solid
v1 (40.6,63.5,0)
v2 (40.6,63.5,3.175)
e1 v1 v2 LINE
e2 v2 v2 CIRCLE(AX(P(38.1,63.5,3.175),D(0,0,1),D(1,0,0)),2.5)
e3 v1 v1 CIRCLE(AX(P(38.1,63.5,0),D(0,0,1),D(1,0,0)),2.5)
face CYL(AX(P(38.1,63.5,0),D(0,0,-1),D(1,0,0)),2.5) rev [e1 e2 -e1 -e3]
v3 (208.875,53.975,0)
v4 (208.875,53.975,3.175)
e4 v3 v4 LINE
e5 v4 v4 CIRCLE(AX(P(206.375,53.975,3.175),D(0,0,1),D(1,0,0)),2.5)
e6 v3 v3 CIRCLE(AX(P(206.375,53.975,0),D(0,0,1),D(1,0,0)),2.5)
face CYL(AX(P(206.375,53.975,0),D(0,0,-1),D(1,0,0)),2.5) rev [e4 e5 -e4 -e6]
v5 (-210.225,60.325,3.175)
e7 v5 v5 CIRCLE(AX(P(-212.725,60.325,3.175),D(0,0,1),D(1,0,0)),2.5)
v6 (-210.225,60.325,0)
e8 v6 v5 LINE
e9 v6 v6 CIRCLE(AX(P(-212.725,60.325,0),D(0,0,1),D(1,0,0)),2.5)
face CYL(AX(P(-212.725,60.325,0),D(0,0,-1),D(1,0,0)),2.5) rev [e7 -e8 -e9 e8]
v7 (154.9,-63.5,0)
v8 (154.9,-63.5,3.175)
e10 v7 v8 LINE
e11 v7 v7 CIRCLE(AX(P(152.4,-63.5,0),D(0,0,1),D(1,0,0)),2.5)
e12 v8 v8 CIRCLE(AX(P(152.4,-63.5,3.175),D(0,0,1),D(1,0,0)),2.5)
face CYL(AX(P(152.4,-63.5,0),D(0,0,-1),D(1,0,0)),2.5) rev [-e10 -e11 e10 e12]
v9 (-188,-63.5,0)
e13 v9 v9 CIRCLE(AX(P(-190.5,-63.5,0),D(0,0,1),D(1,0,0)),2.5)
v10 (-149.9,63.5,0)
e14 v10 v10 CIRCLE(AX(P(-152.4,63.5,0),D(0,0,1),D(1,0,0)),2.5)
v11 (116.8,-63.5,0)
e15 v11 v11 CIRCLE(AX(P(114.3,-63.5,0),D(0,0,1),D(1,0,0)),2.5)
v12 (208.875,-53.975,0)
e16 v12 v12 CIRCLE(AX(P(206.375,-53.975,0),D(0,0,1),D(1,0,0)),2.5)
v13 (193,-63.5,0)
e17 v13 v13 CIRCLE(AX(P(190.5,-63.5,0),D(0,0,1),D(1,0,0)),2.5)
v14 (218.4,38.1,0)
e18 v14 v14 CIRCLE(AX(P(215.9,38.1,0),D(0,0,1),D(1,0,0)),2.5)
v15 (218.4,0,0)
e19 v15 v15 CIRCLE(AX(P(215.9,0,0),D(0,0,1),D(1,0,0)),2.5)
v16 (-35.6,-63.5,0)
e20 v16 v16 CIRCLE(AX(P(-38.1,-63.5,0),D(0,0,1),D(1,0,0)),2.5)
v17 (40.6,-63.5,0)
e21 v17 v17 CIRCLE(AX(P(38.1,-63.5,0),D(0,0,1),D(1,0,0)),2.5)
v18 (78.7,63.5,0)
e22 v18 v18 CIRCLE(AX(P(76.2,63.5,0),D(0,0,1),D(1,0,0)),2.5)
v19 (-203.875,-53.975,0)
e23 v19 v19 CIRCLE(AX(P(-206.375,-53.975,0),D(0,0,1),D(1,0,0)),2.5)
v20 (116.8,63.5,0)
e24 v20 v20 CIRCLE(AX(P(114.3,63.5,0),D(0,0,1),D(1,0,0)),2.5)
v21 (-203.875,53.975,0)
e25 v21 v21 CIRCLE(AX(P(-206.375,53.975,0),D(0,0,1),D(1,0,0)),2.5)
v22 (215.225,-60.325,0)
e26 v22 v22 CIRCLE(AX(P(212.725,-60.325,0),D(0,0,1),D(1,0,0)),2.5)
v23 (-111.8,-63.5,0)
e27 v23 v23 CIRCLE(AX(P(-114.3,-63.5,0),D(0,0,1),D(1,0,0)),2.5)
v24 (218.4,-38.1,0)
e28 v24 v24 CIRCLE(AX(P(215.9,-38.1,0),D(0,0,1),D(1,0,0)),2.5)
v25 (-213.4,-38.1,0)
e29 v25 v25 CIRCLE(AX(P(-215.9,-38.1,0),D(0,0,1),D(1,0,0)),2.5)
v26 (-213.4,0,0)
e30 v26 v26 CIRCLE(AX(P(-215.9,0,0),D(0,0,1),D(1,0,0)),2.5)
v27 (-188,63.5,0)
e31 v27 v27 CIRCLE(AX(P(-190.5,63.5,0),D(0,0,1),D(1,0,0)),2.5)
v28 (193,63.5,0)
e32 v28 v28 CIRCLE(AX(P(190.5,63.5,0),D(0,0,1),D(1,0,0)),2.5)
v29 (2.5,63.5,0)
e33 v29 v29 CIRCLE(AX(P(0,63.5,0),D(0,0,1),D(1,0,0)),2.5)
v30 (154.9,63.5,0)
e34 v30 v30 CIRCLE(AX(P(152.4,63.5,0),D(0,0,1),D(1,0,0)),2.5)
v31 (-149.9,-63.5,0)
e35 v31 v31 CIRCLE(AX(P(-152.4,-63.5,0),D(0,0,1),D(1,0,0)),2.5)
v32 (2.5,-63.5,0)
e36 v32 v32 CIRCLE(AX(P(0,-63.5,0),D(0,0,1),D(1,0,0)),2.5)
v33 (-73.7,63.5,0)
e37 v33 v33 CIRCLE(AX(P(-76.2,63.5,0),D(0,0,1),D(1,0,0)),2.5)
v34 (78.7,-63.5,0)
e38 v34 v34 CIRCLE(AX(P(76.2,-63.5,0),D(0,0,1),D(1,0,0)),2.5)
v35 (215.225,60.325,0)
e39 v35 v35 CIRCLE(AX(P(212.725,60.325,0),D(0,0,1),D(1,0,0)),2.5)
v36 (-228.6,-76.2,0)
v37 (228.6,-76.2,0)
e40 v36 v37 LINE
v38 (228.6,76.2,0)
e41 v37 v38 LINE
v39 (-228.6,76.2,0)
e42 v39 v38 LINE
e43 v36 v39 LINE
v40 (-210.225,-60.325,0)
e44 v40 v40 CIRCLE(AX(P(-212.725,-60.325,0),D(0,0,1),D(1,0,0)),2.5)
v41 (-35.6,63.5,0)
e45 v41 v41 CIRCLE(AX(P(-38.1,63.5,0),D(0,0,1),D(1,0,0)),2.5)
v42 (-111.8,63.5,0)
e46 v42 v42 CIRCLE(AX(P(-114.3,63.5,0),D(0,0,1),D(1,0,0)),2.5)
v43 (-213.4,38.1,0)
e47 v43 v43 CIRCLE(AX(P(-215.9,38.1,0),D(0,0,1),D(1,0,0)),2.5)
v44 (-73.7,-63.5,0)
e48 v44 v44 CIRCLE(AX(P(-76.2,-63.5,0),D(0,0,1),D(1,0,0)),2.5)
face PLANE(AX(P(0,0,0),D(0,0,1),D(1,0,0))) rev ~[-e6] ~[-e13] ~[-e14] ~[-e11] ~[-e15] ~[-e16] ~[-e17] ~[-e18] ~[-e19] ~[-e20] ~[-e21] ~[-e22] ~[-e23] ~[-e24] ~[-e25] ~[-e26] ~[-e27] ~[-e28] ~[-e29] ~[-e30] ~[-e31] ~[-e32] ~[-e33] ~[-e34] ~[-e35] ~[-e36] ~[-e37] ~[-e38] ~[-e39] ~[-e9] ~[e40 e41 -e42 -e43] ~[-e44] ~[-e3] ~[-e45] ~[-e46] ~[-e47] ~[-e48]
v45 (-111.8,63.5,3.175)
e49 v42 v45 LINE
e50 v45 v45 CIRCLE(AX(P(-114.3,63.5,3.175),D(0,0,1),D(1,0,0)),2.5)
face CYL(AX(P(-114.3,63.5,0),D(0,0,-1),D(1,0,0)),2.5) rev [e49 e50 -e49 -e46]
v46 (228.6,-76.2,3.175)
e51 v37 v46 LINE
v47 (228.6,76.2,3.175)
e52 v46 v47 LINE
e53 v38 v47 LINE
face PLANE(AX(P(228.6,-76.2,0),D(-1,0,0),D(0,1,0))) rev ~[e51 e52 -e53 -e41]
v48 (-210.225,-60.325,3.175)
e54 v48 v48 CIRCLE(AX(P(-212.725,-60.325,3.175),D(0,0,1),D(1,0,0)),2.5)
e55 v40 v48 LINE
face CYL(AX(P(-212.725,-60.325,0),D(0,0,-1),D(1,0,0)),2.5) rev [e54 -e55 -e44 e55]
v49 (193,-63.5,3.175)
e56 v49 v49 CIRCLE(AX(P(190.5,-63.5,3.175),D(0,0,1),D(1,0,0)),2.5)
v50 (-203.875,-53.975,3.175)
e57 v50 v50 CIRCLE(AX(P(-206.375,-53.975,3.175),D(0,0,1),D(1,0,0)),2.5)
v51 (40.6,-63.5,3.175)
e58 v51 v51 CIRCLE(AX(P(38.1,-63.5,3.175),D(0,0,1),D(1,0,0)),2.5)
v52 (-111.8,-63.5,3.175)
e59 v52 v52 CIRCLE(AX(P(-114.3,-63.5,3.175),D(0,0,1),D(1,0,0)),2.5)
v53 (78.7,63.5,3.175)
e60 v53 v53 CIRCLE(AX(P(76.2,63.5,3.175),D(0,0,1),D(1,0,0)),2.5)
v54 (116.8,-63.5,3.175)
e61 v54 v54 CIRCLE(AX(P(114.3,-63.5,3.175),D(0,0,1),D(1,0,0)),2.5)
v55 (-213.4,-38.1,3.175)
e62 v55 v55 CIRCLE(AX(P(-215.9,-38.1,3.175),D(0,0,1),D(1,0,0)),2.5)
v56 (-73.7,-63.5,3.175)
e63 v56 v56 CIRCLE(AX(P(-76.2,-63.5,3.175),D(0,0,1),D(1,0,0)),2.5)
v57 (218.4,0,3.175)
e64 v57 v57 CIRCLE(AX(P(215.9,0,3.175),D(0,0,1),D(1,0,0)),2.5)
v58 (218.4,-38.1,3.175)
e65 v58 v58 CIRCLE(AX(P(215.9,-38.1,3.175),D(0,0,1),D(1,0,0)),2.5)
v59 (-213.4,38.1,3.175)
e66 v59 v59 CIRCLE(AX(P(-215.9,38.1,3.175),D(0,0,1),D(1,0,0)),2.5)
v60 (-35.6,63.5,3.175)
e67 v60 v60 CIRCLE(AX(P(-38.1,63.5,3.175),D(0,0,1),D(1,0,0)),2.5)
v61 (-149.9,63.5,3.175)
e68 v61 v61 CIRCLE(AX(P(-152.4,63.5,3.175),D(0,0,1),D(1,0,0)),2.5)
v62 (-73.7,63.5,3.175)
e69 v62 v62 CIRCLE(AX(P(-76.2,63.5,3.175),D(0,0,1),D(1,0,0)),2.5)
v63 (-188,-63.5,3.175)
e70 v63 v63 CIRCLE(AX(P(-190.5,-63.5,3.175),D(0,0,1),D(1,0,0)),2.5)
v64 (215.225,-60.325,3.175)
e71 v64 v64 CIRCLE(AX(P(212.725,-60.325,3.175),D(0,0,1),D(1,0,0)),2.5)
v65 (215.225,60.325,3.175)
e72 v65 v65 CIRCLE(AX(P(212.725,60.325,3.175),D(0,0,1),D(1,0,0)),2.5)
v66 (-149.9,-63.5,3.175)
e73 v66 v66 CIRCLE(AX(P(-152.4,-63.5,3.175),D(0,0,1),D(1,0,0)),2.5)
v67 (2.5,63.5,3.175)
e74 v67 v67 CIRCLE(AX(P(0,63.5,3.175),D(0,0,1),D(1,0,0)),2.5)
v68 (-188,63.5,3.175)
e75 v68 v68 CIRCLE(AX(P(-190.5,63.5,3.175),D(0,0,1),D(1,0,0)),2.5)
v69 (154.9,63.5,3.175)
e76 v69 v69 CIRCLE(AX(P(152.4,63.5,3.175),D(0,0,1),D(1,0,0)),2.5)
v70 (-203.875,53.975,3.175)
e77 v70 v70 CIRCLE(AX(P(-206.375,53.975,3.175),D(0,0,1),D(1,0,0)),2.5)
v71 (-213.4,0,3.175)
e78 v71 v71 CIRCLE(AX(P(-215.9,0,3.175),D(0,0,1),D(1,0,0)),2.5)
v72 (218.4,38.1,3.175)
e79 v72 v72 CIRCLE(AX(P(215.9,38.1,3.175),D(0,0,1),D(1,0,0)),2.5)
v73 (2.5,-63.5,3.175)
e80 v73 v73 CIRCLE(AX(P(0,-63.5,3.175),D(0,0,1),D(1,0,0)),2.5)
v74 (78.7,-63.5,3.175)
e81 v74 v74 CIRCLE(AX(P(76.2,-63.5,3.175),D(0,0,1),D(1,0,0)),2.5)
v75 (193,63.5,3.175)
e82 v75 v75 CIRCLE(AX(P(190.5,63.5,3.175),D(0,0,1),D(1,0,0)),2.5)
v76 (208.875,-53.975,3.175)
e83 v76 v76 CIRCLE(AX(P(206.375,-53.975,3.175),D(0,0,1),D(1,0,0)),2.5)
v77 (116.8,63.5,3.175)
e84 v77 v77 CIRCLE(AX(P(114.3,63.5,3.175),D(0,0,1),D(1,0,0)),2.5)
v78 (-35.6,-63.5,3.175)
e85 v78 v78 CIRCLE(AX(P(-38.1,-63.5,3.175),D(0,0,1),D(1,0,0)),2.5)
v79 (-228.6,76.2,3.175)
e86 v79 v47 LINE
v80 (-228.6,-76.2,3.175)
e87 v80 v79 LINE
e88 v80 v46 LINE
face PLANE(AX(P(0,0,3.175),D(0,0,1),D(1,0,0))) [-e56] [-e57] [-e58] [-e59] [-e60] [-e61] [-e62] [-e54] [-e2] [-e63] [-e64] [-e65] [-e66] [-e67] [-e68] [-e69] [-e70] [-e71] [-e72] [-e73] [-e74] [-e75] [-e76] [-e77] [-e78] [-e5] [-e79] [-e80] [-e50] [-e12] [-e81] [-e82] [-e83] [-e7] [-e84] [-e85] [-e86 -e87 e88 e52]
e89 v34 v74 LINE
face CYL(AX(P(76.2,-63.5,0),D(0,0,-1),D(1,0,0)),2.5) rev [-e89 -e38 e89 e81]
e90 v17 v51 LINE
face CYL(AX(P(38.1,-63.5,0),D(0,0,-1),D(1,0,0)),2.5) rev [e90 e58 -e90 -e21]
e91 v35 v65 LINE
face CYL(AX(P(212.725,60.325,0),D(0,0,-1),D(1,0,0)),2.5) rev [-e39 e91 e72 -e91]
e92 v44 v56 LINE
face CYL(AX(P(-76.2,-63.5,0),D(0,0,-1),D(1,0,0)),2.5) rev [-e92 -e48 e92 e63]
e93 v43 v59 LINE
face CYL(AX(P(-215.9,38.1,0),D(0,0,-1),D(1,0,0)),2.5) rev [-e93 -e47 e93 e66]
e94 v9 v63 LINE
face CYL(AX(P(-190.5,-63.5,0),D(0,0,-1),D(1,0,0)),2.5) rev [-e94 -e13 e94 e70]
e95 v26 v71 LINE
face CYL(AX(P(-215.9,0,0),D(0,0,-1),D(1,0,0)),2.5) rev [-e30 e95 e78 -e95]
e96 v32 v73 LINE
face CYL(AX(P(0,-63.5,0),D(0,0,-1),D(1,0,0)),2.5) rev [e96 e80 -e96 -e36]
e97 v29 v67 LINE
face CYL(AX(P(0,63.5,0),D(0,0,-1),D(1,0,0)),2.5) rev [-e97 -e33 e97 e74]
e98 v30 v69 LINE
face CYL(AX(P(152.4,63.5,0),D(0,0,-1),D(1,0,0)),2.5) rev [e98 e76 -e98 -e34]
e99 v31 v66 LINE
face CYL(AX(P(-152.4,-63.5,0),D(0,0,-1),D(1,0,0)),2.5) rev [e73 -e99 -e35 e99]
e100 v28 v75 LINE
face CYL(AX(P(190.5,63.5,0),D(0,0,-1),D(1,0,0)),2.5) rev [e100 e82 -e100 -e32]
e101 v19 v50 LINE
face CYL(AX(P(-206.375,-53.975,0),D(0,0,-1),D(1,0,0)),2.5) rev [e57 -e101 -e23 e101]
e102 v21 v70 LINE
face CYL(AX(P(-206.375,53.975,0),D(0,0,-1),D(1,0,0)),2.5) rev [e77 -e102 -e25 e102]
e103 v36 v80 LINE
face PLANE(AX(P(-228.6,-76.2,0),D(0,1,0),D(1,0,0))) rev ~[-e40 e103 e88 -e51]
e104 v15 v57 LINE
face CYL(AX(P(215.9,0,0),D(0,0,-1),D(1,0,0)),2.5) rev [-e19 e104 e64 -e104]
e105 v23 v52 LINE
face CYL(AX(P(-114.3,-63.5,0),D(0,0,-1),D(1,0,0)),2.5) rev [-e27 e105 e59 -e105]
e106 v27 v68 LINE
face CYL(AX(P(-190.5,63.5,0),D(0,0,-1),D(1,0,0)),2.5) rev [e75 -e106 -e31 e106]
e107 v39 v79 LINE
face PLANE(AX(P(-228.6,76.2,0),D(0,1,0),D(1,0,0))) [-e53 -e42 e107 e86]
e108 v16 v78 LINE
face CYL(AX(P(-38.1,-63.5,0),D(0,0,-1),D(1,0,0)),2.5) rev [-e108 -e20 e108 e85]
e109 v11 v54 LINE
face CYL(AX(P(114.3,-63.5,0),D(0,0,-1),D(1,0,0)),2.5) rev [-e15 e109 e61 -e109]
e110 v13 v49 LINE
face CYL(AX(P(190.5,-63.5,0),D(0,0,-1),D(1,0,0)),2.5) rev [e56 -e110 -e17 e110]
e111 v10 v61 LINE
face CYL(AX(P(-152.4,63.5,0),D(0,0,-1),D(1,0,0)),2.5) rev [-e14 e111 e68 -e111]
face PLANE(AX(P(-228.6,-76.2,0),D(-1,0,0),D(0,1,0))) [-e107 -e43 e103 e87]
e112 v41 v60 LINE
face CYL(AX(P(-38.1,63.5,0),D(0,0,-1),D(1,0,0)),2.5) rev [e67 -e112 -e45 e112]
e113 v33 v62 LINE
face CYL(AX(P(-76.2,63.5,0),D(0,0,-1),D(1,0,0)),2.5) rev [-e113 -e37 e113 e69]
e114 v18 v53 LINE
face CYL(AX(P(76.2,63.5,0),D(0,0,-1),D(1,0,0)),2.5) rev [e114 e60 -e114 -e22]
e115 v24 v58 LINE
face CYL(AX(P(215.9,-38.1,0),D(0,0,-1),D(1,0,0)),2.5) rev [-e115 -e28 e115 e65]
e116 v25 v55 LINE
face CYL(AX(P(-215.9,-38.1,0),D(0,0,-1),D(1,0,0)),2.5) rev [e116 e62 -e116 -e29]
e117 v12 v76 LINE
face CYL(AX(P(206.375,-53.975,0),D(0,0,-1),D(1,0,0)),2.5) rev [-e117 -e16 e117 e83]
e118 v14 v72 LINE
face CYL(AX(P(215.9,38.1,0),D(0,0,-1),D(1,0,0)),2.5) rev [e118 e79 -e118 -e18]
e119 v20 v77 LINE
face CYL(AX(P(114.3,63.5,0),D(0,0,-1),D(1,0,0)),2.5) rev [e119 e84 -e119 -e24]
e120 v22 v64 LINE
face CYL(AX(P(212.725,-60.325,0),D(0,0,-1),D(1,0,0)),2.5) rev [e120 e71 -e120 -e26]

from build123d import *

# Parameters (mm, degrees)
SKETCH1_W           = 457.2
SKETCH1_H           = 152.4
SKETCH1_R           = 2.5
BOSS_EXTRUDE1_DEPTH = 3.175


with BuildPart() as part:
    # Sketch1 → Boss-Extrude1 (new body)
    with BuildSketch(Plane.XY):
        Rectangle(SKETCH1_W, SKETCH1_H)
        with Locations((212.725, 60.325)):
            Circle(SKETCH1_R, mode=Mode.SUBTRACT)
        with Locations((206.375, 53.975)):
            Circle(SKETCH1_R, mode=Mode.SUBTRACT)
        with Locations((-206.375, 53.975)):
            Circle(SKETCH1_R, mode=Mode.SUBTRACT)
        with Locations((-212.725, 60.325)):
            Circle(SKETCH1_R, mode=Mode.SUBTRACT)
        with Locations((-212.725, -60.325)):
            Circle(SKETCH1_R, mode=Mode.SUBTRACT)
        with Locations((-206.375, -53.975)):
            Circle(SKETCH1_R, mode=Mode.SUBTRACT)
        with Locations((206.375, -53.975)):
            Circle(SKETCH1_R, mode=Mode.SUBTRACT)
        with Locations((212.725, -60.325)):
            Circle(SKETCH1_R, mode=Mode.SUBTRACT)
        with Locations((-190.5, 63.5)):
            Circle(SKETCH1_R, mode=Mode.SUBTRACT)
        with Locations((-152.4, 63.5)):
            Circle(SKETCH1_R, mode=Mode.SUBTRACT)
        with Locations((-114.3, 63.5)):
            Circle(SKETCH1_R, mode=Mode.SUBTRACT)
        with Locations((-76.2, 63.5)):
            Circle(SKETCH1_R, mode=Mode.SUBTRACT)
        with Locations((-38.1, 63.5)):
            Circle(SKETCH1_R, mode=Mode.SUBTRACT)
        with Locations((0, 63.5)):
            Circle(SKETCH1_R, mode=Mode.SUBTRACT)
        with Locations((38.1, 63.5)):
            Circle(SKETCH1_R, mode=Mode.SUBTRACT)
        with Locations((76.2, 63.5)):
            Circle(SKETCH1_R, mode=Mode.SUBTRACT)
        with Locations((114.3, 63.5)):
            Circle(SKETCH1_R, mode=Mode.SUBTRACT)
        with Locations((152.4, 63.5)):
            Circle(SKETCH1_R, mode=Mode.SUBTRACT)
        with Locations((190.5, 63.5)):
            Circle(SKETCH1_R, mode=Mode.SUBTRACT)
        with Locations((-215.9, 38.1)):
            Circle(SKETCH1_R, mode=Mode.SUBTRACT)
        with Locations((-215.9, 0)):
            Circle(SKETCH1_R, mode=Mode.SUBTRACT)
        with Locations((-215.9, -38.1)):
            Circle(SKETCH1_R, mode=Mode.SUBTRACT)
        with Locations((190.5, -63.5)):
            Circle(SKETCH1_R, mode=Mode.SUBTRACT)
        with Locations((152.4, -63.5)):
            Circle(SKETCH1_R, mode=Mode.SUBTRACT)
        with Locations((114.3, -63.5)):
            Circle(SKETCH1_R, mode=Mode.SUBTRACT)
        with Locations((76.2, -63.5)):
            Circle(SKETCH1_R, mode=Mode.SUBTRACT)
        with Locations((38.1, -63.5)):
            Circle(SKETCH1_R, mode=Mode.SUBTRACT)
        with Locations((0, -63.5)):
            Circle(SKETCH1_R, mode=Mode.SUBTRACT)
        with Locations((-38.1, -63.5)):
            Circle(SKETCH1_R, mode=Mode.SUBTRACT)
        with Locations((-76.2, -63.5)):
            Circle(SKETCH1_R, mode=Mode.SUBTRACT)
        with Locations((-114.3, -63.5)):
            Circle(SKETCH1_R, mode=Mode.SUBTRACT)
        with Locations((-152.4, -63.5)):
            Circle(SKETCH1_R, mode=Mode.SUBTRACT)
        with Locations((-190.5, -63.5)):
            Circle(SKETCH1_R, mode=Mode.SUBTRACT)
        with Locations((215.9, -38.1)):
            Circle(SKETCH1_R, mode=Mode.SUBTRACT)
        with Locations((215.9, 0)):
            Circle(SKETCH1_R, mode=Mode.SUBTRACT)
        with Locations((215.9, 38.1)):
            Circle(SKETCH1_R, mode=Mode.SUBTRACT)
    extrude(amount=BOSS_EXTRUDE1_DEPTH)


solid = part.part
